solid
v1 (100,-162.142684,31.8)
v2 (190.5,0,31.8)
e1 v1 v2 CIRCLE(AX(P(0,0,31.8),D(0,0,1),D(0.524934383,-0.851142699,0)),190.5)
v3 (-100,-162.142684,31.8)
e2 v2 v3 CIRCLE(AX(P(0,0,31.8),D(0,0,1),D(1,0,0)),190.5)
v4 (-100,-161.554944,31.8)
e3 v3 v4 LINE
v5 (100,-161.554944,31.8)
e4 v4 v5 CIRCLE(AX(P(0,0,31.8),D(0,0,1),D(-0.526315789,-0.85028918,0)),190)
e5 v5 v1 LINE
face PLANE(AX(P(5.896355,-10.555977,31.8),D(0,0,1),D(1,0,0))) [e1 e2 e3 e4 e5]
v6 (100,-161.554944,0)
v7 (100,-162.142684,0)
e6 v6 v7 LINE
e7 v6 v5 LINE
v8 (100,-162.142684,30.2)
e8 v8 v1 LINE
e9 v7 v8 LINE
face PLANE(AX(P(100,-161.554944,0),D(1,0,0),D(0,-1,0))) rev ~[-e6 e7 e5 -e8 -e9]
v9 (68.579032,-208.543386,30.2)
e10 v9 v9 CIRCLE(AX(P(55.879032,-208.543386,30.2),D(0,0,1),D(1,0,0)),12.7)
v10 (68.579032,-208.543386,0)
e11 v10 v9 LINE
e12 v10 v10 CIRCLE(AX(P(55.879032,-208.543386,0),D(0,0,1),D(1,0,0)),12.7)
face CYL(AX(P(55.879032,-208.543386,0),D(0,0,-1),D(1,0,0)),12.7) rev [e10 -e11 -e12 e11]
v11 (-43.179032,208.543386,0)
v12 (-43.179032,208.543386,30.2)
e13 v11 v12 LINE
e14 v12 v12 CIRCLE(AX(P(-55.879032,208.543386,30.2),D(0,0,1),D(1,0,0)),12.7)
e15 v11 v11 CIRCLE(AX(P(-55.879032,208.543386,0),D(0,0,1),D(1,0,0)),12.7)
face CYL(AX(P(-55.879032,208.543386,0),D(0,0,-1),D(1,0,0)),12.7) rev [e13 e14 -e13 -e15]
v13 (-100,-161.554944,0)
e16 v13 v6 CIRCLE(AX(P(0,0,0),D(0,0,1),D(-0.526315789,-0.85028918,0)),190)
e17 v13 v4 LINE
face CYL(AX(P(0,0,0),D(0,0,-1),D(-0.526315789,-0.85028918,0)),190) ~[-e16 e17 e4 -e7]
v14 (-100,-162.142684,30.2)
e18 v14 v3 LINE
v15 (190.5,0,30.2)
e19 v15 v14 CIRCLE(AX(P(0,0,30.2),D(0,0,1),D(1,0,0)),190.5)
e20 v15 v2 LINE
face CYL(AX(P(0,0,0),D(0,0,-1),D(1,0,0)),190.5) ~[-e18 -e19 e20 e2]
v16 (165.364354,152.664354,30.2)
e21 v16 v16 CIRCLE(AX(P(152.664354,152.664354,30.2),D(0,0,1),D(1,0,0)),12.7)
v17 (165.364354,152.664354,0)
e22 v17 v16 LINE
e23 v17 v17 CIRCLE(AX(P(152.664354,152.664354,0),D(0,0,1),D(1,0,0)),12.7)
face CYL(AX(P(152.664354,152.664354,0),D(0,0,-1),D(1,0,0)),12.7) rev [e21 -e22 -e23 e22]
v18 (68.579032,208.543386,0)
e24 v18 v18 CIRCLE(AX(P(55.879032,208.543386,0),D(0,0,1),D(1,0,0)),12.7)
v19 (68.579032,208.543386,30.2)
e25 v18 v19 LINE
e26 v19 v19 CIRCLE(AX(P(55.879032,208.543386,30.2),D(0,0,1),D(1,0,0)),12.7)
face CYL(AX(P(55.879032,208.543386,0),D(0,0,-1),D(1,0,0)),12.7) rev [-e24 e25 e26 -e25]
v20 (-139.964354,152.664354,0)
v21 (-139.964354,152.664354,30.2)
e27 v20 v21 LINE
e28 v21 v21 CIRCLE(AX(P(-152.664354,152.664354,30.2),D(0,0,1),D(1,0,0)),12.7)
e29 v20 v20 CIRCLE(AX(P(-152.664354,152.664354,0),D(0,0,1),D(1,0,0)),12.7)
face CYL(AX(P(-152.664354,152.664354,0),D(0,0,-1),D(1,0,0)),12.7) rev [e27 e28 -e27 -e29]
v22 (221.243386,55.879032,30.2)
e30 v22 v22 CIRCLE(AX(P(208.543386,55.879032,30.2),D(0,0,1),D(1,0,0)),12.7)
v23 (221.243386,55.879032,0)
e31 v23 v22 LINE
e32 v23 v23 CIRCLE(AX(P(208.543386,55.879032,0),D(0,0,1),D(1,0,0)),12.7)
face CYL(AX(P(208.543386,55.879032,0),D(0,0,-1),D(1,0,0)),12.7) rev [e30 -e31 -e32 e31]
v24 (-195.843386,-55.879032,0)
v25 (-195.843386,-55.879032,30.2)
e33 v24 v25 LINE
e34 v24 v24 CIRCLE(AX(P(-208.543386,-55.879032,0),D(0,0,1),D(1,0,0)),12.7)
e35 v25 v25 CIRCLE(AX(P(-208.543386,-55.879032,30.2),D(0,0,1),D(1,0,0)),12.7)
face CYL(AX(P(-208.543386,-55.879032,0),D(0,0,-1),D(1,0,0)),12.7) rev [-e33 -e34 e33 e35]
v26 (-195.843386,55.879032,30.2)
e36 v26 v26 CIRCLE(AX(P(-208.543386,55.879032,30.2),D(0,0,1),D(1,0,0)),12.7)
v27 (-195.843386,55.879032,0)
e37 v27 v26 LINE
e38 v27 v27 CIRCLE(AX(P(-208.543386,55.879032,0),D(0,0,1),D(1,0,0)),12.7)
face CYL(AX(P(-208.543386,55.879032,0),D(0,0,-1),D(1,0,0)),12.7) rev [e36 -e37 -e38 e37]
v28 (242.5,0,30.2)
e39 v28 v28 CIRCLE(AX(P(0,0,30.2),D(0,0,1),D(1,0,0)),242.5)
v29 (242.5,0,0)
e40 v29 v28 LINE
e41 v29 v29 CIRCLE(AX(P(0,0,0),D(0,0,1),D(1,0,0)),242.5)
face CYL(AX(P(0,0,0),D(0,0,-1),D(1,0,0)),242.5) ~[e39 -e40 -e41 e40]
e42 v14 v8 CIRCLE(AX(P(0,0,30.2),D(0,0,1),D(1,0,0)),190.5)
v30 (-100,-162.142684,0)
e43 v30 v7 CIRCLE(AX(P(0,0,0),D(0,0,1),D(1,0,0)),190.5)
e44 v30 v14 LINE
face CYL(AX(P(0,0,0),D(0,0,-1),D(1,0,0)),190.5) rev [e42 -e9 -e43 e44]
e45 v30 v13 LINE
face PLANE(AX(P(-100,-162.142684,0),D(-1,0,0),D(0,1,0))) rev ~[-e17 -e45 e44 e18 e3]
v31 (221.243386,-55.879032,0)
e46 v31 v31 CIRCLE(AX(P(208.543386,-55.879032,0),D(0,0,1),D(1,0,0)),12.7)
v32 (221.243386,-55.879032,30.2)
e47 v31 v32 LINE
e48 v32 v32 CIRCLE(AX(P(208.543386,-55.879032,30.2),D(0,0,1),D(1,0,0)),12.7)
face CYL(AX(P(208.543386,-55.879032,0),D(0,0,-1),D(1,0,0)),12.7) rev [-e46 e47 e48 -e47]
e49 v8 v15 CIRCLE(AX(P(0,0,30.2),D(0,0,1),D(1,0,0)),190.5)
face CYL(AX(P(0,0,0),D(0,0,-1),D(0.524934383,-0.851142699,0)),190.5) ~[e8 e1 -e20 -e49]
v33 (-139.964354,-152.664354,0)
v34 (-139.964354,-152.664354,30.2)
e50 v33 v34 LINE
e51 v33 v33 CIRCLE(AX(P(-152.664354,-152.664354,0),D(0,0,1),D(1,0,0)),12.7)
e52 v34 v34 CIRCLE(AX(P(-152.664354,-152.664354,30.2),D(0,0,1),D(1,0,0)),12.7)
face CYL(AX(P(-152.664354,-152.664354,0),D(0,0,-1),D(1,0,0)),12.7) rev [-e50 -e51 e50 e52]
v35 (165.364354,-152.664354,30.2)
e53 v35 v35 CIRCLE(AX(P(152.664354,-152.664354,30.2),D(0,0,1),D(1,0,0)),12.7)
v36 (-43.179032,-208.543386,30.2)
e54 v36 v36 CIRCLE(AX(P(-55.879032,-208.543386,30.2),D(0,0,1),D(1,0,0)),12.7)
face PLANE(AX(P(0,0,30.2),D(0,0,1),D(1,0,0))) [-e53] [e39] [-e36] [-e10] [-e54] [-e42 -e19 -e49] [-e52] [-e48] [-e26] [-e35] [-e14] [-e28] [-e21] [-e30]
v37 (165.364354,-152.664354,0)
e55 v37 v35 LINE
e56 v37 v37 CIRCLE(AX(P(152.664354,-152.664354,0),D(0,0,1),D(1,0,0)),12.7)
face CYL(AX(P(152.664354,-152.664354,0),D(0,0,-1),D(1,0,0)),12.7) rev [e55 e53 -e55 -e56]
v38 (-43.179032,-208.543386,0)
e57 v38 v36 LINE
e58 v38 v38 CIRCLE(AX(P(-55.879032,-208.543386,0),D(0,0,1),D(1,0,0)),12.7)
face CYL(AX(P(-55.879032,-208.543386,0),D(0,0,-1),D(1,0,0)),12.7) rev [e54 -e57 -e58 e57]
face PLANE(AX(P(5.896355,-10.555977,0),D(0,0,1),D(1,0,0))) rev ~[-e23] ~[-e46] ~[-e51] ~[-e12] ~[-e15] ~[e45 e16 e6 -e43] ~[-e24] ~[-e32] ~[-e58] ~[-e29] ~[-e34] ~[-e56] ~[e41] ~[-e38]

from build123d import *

# Parameters (mm, degrees)
F2_R     = 242.5
F2_R_2   = 12.7
F2_R_3   = 190.5
F4_DEPTH = 30.2
F5_DEPTH = 31.8


with BuildPart() as f4:
    # F2 (on Top) → F4 (new body)
    with BuildSketch(Plane.XY):
        Circle(F2_R)
        with Locations((-152.6643540582, -152.6643540582)):
            Circle(F2_R_2, mode=Mode.SUBTRACT)
        with Locations((-55.8790318376, -208.5433858958)):
            Circle(F2_R_2, mode=Mode.SUBTRACT)
        with Locations((-208.5433858958, -55.8790318376)):
            Circle(F2_R_2, mode=Mode.SUBTRACT)
        with Locations((55.8790318376, -208.5433858958)):
            Circle(F2_R_2, mode=Mode.SUBTRACT)
        with Locations((152.6643540582, -152.6643540582)):
            Circle(F2_R_2, mode=Mode.SUBTRACT)
        with Locations((208.5433858958, -55.8790318376)):
            Circle(F2_R_2, mode=Mode.SUBTRACT)
        with Locations((-208.5433858958, 55.8790318376)):
            Circle(F2_R_2, mode=Mode.SUBTRACT)
        with Locations((-152.6643540582, 152.6643540582)):
            Circle(F2_R_2, mode=Mode.SUBTRACT)
        with Locations((-55.8790318376, 208.5433858958)):
            Circle(F2_R_2, mode=Mode.SUBTRACT)
        Circle(F2_R_3, mode=Mode.SUBTRACT)
        with Locations((208.5433858958, 55.8790318376)):
            Circle(F2_R_2, mode=Mode.SUBTRACT)
        with Locations((55.8790318376, 208.5433858958)):
            Circle(F2_R_2, mode=Mode.SUBTRACT)
        with Locations((152.6643540582, 152.6643540582)):
            Circle(F2_R_2, mode=Mode.SUBTRACT)
    extrude(amount=F4_DEPTH)

    # F3 (on face) → F5 (join)
    with BuildSketch(Plane.XY):
        with BuildLine():
            Line((-100, -162.1426840779), (-100, -161.554944214))
            ThreePointArc((-100, -161.554944214), (0, -190), (100, -161.554944214))
            Line((100, -161.554944214), (100, -162.1426840779))
            ThreePointArc((100, -162.1426840779), (166.3433948193, -92.8446282776), (190.5, 0))
            ThreePointArc((190.5, 0), (-92.8446282776, 166.3433948193), (-100, -162.1426840779))
        make_face()
    extrude(amount=F5_DEPTH)


solid = f4.part
